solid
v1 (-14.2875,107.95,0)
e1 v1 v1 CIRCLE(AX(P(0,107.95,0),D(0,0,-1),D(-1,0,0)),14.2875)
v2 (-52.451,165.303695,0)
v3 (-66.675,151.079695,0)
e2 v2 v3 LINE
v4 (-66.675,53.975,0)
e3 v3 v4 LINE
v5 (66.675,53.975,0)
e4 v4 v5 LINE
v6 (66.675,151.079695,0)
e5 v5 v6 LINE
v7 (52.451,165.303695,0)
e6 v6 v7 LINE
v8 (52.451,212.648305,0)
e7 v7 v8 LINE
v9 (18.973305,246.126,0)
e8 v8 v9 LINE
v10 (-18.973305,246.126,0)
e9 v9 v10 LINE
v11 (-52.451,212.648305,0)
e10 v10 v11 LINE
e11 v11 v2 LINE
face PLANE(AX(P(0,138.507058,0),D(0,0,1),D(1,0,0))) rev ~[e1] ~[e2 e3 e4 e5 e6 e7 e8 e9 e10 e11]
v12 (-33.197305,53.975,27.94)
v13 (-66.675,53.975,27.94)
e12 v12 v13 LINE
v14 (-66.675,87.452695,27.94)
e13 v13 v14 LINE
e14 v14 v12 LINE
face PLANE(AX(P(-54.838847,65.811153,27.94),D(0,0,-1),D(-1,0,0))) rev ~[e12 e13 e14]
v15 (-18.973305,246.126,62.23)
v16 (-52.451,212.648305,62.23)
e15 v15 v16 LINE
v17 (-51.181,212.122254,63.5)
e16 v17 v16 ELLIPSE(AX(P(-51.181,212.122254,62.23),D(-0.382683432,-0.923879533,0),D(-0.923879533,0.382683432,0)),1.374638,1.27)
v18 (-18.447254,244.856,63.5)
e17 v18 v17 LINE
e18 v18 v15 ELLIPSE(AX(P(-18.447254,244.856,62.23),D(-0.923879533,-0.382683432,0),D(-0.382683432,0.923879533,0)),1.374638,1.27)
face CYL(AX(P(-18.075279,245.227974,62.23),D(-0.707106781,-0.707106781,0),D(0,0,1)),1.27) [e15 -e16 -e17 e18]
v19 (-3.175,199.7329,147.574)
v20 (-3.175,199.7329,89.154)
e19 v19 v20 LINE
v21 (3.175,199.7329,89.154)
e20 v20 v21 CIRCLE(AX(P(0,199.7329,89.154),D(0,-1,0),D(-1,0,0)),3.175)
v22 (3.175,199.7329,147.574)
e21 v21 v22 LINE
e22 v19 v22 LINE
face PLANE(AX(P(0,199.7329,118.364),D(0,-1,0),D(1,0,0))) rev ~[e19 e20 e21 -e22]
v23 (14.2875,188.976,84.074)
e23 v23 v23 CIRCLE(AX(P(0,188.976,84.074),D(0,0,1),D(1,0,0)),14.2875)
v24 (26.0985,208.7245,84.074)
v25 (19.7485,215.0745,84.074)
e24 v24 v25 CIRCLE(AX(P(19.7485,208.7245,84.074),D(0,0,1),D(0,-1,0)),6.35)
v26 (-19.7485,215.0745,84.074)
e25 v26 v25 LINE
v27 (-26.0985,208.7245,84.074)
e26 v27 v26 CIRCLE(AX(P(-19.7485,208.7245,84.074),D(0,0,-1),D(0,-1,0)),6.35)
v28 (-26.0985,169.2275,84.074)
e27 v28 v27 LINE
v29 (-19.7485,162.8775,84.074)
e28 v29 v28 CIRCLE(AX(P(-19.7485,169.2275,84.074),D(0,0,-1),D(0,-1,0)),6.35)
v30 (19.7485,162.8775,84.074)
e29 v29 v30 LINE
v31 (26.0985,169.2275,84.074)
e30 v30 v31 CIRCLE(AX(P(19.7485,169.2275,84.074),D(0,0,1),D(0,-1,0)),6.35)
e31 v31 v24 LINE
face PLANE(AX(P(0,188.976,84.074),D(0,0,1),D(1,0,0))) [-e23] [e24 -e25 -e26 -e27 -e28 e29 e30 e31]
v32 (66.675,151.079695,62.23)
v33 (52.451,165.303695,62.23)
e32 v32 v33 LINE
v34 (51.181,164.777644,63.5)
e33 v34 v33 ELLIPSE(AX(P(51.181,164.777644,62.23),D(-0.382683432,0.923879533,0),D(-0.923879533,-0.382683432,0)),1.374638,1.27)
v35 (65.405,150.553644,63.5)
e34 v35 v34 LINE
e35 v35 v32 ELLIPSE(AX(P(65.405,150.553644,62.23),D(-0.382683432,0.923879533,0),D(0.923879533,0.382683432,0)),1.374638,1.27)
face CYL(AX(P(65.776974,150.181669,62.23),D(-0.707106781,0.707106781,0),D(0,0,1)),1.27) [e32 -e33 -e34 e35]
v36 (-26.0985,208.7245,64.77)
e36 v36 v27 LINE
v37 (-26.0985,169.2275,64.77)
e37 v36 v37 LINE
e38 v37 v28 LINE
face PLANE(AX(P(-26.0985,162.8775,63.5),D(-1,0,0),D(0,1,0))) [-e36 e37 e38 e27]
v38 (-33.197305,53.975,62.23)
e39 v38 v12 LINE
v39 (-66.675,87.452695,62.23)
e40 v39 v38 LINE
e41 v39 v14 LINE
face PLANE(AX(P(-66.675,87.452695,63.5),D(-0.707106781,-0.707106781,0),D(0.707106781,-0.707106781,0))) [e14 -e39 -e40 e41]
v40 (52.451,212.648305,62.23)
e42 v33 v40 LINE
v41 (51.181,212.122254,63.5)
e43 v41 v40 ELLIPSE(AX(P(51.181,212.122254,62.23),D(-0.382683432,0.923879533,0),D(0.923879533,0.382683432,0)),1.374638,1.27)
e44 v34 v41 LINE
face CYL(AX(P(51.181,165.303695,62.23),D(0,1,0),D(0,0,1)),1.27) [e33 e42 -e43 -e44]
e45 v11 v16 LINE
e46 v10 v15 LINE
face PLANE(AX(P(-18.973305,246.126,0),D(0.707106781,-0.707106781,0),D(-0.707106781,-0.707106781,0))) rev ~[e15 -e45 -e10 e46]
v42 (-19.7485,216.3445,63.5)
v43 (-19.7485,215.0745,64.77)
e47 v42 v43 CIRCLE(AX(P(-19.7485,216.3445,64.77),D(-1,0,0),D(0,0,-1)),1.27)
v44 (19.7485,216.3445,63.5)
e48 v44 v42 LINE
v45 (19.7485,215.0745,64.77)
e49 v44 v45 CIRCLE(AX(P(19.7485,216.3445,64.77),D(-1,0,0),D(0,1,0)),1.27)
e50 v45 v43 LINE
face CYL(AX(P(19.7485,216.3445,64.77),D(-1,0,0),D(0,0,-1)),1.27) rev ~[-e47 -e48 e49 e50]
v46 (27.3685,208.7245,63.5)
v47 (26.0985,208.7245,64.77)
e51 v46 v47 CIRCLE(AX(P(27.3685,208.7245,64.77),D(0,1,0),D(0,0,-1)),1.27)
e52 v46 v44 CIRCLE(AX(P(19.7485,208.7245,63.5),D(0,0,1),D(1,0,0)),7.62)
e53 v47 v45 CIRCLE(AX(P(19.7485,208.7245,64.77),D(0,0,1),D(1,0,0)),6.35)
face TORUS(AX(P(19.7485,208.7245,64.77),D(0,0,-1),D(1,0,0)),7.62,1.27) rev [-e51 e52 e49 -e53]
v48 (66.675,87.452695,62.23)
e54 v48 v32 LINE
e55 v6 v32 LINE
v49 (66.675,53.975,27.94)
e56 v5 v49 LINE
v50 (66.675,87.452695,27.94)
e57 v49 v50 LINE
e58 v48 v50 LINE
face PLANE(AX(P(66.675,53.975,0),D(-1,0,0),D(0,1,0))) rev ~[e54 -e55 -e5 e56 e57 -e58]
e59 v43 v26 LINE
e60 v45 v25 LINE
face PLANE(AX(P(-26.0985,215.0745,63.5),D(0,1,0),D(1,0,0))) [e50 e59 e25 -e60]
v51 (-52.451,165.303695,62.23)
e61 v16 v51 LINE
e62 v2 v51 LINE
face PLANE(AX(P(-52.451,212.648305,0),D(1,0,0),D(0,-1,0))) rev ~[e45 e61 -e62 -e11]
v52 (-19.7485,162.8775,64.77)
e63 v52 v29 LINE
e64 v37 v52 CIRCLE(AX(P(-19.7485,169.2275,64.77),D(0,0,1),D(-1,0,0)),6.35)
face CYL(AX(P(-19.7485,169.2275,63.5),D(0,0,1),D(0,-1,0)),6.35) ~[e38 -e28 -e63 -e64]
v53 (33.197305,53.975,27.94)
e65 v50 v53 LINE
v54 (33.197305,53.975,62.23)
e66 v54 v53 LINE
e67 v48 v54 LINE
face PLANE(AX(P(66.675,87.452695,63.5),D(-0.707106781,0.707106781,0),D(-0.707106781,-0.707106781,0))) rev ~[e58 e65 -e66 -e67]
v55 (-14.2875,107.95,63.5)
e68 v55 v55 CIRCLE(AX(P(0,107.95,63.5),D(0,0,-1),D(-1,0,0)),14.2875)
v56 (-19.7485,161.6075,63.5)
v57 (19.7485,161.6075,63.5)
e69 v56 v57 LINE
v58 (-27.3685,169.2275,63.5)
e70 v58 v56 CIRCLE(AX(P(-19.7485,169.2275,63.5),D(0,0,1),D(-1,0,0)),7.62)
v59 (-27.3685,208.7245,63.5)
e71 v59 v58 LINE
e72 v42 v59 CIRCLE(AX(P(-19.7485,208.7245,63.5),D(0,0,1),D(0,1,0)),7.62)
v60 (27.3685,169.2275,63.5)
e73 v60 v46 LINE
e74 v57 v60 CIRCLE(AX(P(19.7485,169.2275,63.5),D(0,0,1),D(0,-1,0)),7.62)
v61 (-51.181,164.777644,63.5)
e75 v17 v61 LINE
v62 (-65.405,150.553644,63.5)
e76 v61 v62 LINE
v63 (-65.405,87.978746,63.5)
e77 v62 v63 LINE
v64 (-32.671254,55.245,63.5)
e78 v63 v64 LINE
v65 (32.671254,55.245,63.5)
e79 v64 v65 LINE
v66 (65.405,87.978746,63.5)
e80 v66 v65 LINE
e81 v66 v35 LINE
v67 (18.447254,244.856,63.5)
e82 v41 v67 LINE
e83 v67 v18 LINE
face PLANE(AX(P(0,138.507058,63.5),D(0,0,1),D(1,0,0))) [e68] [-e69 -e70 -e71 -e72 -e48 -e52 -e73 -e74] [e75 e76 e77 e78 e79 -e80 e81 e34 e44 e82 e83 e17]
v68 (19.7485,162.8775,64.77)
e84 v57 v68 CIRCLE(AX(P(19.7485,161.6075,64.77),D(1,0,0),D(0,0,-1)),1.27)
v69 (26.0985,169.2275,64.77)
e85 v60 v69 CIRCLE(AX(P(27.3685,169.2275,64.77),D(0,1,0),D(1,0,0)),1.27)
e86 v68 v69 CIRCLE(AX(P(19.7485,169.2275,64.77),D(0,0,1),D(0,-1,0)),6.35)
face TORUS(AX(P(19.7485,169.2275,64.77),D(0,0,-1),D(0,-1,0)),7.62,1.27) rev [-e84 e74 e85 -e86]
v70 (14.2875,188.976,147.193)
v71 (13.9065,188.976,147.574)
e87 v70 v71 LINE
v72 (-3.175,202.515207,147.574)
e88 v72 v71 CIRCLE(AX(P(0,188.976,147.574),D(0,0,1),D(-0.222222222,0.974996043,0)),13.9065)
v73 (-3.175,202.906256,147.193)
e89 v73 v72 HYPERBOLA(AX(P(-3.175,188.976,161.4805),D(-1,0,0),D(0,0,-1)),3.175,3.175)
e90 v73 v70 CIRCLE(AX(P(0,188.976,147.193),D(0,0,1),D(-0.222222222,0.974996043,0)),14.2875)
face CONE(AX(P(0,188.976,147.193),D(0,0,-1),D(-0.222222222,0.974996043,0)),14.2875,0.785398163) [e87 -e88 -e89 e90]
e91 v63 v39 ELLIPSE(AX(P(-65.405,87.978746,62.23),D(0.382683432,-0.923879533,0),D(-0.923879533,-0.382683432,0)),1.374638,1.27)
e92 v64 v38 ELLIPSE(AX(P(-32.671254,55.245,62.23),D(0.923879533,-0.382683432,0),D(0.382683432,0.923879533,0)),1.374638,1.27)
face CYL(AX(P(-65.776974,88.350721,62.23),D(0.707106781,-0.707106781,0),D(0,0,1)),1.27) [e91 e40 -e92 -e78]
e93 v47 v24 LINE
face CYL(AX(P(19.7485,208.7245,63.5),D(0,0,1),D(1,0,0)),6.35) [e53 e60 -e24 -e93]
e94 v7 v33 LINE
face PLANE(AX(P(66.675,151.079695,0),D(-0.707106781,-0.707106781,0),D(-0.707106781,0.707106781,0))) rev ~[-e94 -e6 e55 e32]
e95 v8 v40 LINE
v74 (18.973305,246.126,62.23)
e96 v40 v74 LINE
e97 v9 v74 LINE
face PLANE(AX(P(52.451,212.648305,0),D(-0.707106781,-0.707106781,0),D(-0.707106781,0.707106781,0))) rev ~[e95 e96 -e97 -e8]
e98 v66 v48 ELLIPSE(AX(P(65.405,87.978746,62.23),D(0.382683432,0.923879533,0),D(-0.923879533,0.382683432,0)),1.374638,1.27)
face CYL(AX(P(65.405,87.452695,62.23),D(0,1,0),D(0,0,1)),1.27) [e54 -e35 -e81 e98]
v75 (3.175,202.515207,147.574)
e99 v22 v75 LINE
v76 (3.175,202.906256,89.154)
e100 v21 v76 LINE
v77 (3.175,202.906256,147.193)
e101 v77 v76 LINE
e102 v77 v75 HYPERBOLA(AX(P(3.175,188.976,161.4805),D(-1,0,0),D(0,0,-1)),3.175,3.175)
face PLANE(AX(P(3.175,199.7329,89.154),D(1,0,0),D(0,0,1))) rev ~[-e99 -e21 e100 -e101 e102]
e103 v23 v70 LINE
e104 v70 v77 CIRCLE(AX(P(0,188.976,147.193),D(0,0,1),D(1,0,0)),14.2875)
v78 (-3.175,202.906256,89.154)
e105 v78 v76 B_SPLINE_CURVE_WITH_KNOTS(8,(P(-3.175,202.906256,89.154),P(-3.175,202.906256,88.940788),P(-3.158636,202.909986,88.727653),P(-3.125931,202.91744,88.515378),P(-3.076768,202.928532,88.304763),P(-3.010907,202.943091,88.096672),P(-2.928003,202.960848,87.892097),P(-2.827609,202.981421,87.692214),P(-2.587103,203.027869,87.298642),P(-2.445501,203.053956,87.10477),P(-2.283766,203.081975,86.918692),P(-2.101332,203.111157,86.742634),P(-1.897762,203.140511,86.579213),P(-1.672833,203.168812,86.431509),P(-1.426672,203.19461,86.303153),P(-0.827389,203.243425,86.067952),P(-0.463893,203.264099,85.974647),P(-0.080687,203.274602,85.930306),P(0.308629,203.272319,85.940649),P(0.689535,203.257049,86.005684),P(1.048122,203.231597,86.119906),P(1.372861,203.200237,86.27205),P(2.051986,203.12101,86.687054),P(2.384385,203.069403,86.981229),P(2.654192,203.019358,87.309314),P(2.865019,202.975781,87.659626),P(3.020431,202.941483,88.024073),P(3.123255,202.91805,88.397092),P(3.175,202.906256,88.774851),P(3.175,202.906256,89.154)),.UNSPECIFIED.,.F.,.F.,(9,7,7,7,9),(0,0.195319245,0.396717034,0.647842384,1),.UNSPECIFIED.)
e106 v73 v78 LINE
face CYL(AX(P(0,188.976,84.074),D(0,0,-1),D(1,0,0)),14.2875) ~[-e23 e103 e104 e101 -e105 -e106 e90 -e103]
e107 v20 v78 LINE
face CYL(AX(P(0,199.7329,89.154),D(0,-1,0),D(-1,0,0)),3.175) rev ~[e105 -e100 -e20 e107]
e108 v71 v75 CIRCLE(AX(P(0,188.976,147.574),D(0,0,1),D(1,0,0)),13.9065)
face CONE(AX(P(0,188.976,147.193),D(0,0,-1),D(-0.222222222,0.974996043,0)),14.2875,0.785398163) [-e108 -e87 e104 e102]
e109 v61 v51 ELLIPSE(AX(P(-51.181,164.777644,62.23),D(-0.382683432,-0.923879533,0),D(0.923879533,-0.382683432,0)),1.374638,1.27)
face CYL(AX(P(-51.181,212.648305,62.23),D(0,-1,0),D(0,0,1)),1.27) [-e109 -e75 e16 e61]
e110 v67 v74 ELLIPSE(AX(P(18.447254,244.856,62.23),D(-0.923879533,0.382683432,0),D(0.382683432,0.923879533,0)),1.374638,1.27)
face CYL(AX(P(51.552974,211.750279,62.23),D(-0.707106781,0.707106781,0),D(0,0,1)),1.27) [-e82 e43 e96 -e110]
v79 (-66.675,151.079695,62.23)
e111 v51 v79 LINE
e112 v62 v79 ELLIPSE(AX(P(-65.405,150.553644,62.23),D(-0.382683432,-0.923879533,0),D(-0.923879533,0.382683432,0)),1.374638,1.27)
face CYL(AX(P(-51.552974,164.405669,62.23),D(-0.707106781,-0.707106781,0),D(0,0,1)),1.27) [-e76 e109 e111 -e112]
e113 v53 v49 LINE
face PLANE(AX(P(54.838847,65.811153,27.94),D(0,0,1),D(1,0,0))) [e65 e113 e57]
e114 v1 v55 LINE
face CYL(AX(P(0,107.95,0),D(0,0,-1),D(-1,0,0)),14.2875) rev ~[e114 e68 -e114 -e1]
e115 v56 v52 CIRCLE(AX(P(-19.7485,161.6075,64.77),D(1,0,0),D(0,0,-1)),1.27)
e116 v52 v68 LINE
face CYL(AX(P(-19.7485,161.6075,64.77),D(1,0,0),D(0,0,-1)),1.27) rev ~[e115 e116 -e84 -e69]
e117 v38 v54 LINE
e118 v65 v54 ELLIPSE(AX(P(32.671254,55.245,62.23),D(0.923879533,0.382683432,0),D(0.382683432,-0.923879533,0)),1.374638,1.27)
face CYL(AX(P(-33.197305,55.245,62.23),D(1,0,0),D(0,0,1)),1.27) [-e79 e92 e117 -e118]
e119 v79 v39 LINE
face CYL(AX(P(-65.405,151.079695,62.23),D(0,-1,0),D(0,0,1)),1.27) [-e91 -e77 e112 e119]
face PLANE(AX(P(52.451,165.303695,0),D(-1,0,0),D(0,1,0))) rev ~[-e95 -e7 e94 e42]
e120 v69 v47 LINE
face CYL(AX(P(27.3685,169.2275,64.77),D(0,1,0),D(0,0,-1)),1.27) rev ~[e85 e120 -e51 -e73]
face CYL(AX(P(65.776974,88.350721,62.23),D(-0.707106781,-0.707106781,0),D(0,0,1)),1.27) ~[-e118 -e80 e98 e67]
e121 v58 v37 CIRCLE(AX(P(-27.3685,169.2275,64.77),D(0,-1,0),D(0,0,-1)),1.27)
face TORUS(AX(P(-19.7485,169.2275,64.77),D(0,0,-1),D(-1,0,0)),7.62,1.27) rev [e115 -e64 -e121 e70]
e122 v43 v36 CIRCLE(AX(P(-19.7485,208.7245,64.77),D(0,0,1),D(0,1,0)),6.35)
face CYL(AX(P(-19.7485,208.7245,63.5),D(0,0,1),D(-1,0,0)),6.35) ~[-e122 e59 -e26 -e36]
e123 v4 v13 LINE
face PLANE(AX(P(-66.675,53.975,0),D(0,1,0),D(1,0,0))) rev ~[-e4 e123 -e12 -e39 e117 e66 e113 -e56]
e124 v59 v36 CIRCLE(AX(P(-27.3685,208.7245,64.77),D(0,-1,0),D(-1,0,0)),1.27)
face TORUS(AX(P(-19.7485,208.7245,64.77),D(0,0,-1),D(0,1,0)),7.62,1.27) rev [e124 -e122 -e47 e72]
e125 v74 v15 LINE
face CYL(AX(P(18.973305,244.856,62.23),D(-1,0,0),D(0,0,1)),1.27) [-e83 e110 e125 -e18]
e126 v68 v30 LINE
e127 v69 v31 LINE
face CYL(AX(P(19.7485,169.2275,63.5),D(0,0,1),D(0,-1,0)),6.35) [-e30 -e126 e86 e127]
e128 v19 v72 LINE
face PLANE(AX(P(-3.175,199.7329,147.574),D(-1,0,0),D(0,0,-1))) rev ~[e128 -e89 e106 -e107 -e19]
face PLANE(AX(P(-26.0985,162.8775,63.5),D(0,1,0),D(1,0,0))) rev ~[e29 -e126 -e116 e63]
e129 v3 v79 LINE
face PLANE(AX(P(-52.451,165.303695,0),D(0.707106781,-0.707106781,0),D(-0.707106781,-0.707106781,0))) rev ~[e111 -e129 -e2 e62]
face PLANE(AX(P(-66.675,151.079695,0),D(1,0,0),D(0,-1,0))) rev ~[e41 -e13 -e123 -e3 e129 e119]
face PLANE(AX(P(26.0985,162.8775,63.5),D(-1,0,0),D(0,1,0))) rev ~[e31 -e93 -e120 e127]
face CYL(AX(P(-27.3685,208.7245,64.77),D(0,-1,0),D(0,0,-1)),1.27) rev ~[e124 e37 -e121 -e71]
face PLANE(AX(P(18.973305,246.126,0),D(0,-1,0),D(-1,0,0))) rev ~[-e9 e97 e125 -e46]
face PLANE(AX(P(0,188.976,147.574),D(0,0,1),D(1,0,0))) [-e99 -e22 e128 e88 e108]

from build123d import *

# Parameters (mm, degrees)
BOSS_EXTRUDE1_DEPTH = 63.5
SKETCH3_W           = 52.197
SKETCH3_H           = 52.197
BOSS_EXTRUDE2_DEPTH = 20.574
SKETCH_D_R          = 14.2875
BOSS_EXTRUDE3_DEPTH = 63.5
CUT_EXTRUDE1_DEPTH  = 35.56
FILLET1_R           = 6.35
FILLET2_R           = 1.27
KEYWAY_START        = 10.7569
KEYWAY_DEPTH        = 47.3931
CHAMFER1_SIZE       = 0.381
SKETCH7_R           = 14.2875
CUT_EXTRUDE3_DEPTH  = 148.574


with BuildPart() as part:
    # L,M → Boss-Extrude1 (new body)
    with BuildSketch(Plane.XY):
        Polygon((-66.675, 53.975), (66.675, 53.975), (66.675, 151.07969491), (52.451, 165.30369491), (52.451, 212.64830509), (18.97330509, 246.126), (-18.97330509, 246.126), (-52.451, 212.64830509), (-52.451, 165.30369491), (-66.675, 151.07969491), align=None)
    extrude(amount=BOSS_EXTRUDE1_DEPTH)

    # Sketch3 → Boss-Extrude2 (add)
    with BuildSketch(Plane.XY.offset(63.5)):
        with Locations((0, 188.976)):
            Rectangle(SKETCH3_W, SKETCH3_H)
    extrude(amount=BOSS_EXTRUDE2_DEPTH)

    # D → Boss-Extrude3 (add)
    with BuildSketch(Plane.XY.offset(84.074)):
        with Locations((0, 188.976)):
            Circle(SKETCH_D_R)
    extrude(amount=BOSS_EXTRUDE3_DEPTH)

    # Sketch5 → Cut-Extrude1 (cut)
    with BuildSketch(Plane.XY.offset(63.5)):
        Polygon((66.675, 87.45269491), (33.19730509, 53.975), (66.675, 53.975), align=None)
        Polygon((-66.675, 53.975), (-66.675, 87.45269491), (-33.19730509, 53.975), align=None)
    extrude(amount=-CUT_EXTRUDE1_DEPTH, mode=Mode.SUBTRACT)

    # Fillet1
    fillet1_edges = [part.edges().sort_by_distance(p)[0] for p in [
        (-26.0985, 215.0745, 73.787),
        (-26.0985, 162.8775, 73.787),
        (26.0985, 162.8775, 73.787),
        (26.0985, 215.0745, 73.787),
    ]]
    fillet(fillet1_edges, radius=FILLET1_R)

    # Fillet2
    fillet2_edges = [part.edges().sort_by_distance(p)[0] for p in [
        (66.675, 119.26619491, 63.5),
        (49.936152545, 70.713847455, 63.5),
        (59.563, 158.19169491, 63.5),
        (52.451, 188.976, 63.5),
        (35.712152545, 229.387152545, 63.5),
        (0, 53.975, 63.5),
        (0, 246.126, 63.5),
        (-35.712152545, 229.387152545, 63.5),
        (-52.451, 188.976, 63.5),
        (-59.563, 158.19169491, 63.5),
        (-66.675, 119.26619491, 63.5),
        (-49.936152545, 70.713847455, 63.5),
        (0, 162.8775, 63.5),
        (-26.0985, 188.976, 63.5),
        (26.0985, 188.976, 63.5),
        (0, 215.0745, 63.5),
        (-24.238628061, 164.737371939, 63.5),
        (24.238628061, 164.737371939, 63.5),
        (-24.238628061, 213.214628061, 63.5),
        (24.238628061, 213.214628061, 63.5),
    ]]
    fillet(fillet2_edges, radius=FILLET2_R)

    # Sketch6 → Keyway (cut, through all)
    with BuildSketch(Plane(origin=(0, 188.976, 0), x_dir=(-1, 0, 0), z_dir=(0, 1, 0)).offset(KEYWAY_START)):
        with BuildLine():
            Line((3.175, 147.574), (3.175, 89.154))
            ThreePointArc((3.175, 89.154), (0, 85.979), (-3.175, 89.154))
            Line((-3.175, 89.154), (-3.175, 147.574))
            ThreePointArc((-3.175, 147.574), (0, 150.749), (3.175, 147.574))
        make_face()
    extrude(amount=KEYWAY_DEPTH, mode=Mode.SUBTRACT)

    # Chamfer1
    chamfer1_edges = [part.edges().sort_by_distance(p)[0] for p in [
        (-8.909821652, 177.806947472, 147.574),
    ]]
    chamfer(chamfer1_edges, length=CHAMFER1_SIZE)

    # Sketch7 → Cut-Extrude3 (cut, through all)
    with BuildSketch(Plane(origin=(0, 0, 0), x_dir=(-1, 0, 0), z_dir=(0, 0, -1))):
        with Locations((0, 107.95)):
            Circle(SKETCH7_R)
    extrude(amount=-CUT_EXTRUDE3_DEPTH, mode=Mode.SUBTRACT)


solid = part.part
